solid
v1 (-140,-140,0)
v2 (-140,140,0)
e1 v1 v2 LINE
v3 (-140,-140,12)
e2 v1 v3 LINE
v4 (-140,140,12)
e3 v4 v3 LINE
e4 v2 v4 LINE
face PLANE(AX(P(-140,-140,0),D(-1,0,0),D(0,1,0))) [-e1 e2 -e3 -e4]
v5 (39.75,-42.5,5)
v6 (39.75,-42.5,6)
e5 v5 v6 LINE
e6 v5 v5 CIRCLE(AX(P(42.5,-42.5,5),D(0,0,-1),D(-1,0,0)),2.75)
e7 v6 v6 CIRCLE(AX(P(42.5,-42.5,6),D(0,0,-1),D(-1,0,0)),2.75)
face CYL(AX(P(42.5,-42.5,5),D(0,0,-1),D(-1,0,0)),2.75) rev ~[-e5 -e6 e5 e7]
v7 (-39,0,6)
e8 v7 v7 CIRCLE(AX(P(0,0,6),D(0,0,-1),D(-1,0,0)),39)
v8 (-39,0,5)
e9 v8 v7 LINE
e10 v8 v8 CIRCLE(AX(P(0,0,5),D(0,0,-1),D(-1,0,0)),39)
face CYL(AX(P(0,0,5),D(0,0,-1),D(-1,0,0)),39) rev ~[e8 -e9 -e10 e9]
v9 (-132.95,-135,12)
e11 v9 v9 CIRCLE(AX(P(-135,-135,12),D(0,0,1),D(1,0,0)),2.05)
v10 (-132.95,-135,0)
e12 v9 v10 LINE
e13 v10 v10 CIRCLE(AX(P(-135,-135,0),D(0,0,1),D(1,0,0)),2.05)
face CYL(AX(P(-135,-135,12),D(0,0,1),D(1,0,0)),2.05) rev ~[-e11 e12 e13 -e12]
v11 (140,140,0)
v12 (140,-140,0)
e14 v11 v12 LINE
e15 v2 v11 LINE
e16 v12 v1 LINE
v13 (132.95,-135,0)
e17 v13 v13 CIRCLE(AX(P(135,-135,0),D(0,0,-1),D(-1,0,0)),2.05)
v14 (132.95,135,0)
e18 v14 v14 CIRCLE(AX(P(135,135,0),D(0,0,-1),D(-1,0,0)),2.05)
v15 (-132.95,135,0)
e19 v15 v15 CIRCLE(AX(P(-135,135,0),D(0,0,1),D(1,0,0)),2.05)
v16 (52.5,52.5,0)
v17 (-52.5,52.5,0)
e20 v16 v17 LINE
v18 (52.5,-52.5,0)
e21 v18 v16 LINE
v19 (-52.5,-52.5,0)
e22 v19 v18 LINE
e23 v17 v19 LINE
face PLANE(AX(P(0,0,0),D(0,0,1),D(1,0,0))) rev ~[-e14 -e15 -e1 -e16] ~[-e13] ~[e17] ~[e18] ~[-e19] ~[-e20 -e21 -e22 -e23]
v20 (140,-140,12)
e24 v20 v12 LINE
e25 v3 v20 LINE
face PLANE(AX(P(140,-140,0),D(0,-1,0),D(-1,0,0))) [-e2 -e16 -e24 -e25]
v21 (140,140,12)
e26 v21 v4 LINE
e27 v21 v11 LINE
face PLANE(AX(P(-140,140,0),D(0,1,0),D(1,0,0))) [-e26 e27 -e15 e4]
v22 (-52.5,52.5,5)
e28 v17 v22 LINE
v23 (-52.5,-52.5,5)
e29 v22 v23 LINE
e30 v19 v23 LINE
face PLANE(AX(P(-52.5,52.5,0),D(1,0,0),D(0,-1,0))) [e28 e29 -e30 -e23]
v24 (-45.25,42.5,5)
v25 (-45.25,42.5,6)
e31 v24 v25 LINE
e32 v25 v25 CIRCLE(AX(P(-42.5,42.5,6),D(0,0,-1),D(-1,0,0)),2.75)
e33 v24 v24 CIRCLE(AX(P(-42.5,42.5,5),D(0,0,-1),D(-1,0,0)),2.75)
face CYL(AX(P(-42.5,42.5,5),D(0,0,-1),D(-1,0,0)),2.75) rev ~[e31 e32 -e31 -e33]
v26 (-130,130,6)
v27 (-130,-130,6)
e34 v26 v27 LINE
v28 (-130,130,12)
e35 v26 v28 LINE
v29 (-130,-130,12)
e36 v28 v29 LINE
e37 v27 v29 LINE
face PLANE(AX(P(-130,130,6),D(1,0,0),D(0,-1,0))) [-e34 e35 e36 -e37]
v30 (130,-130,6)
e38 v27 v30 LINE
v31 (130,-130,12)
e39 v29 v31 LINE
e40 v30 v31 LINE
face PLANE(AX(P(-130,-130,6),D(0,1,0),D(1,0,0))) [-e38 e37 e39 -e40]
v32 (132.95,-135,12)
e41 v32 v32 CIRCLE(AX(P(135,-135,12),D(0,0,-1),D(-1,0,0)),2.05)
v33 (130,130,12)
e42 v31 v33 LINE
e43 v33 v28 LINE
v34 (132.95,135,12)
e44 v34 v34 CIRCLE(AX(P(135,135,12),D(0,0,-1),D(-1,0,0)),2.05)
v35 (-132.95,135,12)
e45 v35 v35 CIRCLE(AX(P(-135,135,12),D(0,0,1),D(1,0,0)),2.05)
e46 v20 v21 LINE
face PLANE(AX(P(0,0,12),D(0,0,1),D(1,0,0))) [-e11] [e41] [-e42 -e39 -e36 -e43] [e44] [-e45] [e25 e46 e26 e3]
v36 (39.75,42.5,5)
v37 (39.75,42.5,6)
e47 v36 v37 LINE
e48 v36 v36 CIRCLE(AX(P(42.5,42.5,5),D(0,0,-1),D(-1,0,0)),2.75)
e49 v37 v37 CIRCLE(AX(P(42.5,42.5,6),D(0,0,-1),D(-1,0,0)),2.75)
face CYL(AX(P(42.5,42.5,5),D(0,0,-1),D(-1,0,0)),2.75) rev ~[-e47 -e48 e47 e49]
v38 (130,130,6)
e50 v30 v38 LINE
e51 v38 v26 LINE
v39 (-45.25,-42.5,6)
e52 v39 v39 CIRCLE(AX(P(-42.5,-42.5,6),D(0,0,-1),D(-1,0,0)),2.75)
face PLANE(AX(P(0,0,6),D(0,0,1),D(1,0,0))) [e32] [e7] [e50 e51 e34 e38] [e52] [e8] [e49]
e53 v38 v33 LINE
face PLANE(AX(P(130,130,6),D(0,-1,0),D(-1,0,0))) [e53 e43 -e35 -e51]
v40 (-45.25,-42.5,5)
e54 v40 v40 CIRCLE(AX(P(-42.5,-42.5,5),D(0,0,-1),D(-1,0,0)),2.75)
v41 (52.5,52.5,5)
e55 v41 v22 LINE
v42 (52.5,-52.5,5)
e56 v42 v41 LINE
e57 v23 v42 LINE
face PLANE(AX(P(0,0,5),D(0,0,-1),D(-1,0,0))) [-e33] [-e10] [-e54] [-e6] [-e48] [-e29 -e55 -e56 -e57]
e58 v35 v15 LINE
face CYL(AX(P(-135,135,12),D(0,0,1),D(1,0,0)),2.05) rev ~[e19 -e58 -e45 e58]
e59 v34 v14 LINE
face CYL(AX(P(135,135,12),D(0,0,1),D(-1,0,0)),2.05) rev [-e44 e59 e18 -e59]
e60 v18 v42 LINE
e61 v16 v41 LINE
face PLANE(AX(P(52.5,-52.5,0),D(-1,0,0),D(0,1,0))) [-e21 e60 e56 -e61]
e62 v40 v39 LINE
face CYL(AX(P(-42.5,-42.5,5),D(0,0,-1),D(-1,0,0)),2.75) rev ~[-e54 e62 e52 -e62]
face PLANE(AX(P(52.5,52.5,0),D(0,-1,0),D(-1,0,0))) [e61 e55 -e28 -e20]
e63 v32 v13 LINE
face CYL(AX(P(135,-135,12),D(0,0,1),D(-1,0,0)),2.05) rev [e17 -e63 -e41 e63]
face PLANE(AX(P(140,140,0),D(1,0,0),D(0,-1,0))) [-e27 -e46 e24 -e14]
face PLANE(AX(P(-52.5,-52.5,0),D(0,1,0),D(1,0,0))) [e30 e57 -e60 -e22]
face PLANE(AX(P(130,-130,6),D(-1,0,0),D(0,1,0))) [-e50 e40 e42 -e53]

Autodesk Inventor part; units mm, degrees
ref_plane "YZ Plane" through (0, 0, 0) normal (1, 0, 0) x (0, 1, 0)
ref_plane "XZ Plane" through (0, 0, 0) normal (0, 1, 0) x (-1, 0, 0)
ref_plane "XY Plane" through (0, 0, 0) normal (0, 0, 1) x (1, 0, 0)
sketch "Sketch1" plane through (0, 0, 0) normal (0, 0, 1) x (1, 0, 0)
  line L0 (-140, 140) -> (140, 140)
  line L1 (140, 140) -> (140, -140)
  line L2 (140, -140) -> (-140, -140)
  line L3 (-140, -140) -> (-140, 140)
  point P0 (0, 0)
  point P1 (0, 140)
  point P2 (140, 0)
  dimension "d0" = 280
  dimension "d1" = 280
extrude "Extrusion1" add sketch "Sketch1" along normal blind 6
sketch "Sketch2" plane through (0, 0, 6) normal (0, 0, 1) x (1, 0, 0)
  line L0 (140, 140) -> (-140, 140)
  line L1 (-140, 140) -> (-140, -140)
  line L2 (-140, -140) -> (140, -140)
  line L3 (140, -140) -> (140, 140)
  line L4 (130, 130) -> (-130, 130)
  line L5 (-130, 130) -> (-130, -130)
  line L6 (-130, -130) -> (130, -130)
  line L7 (130, -130) -> (130, 130)
  point P0 (0, 0)
  dimension "d4" = 10
extrude "Extrusion2" add sketch "Sketch2" along normal blind 6
sketch "Sketch3" plane through (0, 0, 12) normal (0, 0, 1) x (1, 0, 0)
  circle A0 centre (-135, -135) radius 2.05
  circle A1 centre (-135, 135) radius 2.05
  line L0 (-135, 135) -> (-135, -135) construction
  line L1 (-140, 140) -> (-140, -140) construction
  line L2 (-140, -140) -> (140, -140) construction
  point P0 (0, 0)
  point P1 (-135, 0)
  point P2 (-140, 0)
  dimension "d7" = 4.1
  dimension "d8" = 4.1
  dimension "d9" = 5
  dimension "d10" = 5
extrude "Extrusion3" cut sketch "Sketch3" against normal up to surface (12 mm away)
mirror "Mirror1" about plane through (0, 0, 0) normal (1, 0, 0) of "Extrusion3"
sketch "Sketch4" plane through (0, 0, 0) normal (0, 0, -1) x (-1, 0, 0)
  line L0 (-52.5, 52.5) -> (52.5, 52.5)
  line L1 (52.5, 52.5) -> (52.5, -52.5)
  line L2 (52.5, -52.5) -> (-52.5, -52.5)
  line L3 (-52.5, -52.5) -> (-52.5, 52.5)
  point P0 (0, 0)
  point P1 (52.5, 0)
  point P2 (0, 52.5)
  dimension "d13" = 105
  dimension "d14" = 105
extrude "Extrusion4" cut sketch "Sketch4" against normal blind 5
sketch "Sketch5" plane through (0, 0, 5) normal (0, 0, -1) x (-1, 0, 0)
  circle A0 centre (0, 0) radius 39
  dimension "d17" = 78
extrude "Extrusion5" cut sketch "Sketch5" against normal blind 5
sketch "Sketch6" plane through (0, 0, 5) normal (0, 0, -1) x (-1, 0, 0)
  circle A0 centre (-42.5, 42.5) radius 2.75
  line L0 (-52.5, 52.5) -> (52.5, 52.5) projected
  line L1 (-52.5, -52.5) -> (-52.5, 52.5) projected
  point P0 (0, 0)
  dimension "d27" = 5.5
  dimension "d28" = 10
  dimension "d29" = 10
extrude "Extrusion6" cut sketch "Sketch6" against normal blind 5
pattern_linear "Rectangular Pattern1" count 2 spacing 85 along (0, -1, 0) count 2 spacing 85 along (-1, 0, 0) of "Extrusion6"
properties part number "brain box top"
